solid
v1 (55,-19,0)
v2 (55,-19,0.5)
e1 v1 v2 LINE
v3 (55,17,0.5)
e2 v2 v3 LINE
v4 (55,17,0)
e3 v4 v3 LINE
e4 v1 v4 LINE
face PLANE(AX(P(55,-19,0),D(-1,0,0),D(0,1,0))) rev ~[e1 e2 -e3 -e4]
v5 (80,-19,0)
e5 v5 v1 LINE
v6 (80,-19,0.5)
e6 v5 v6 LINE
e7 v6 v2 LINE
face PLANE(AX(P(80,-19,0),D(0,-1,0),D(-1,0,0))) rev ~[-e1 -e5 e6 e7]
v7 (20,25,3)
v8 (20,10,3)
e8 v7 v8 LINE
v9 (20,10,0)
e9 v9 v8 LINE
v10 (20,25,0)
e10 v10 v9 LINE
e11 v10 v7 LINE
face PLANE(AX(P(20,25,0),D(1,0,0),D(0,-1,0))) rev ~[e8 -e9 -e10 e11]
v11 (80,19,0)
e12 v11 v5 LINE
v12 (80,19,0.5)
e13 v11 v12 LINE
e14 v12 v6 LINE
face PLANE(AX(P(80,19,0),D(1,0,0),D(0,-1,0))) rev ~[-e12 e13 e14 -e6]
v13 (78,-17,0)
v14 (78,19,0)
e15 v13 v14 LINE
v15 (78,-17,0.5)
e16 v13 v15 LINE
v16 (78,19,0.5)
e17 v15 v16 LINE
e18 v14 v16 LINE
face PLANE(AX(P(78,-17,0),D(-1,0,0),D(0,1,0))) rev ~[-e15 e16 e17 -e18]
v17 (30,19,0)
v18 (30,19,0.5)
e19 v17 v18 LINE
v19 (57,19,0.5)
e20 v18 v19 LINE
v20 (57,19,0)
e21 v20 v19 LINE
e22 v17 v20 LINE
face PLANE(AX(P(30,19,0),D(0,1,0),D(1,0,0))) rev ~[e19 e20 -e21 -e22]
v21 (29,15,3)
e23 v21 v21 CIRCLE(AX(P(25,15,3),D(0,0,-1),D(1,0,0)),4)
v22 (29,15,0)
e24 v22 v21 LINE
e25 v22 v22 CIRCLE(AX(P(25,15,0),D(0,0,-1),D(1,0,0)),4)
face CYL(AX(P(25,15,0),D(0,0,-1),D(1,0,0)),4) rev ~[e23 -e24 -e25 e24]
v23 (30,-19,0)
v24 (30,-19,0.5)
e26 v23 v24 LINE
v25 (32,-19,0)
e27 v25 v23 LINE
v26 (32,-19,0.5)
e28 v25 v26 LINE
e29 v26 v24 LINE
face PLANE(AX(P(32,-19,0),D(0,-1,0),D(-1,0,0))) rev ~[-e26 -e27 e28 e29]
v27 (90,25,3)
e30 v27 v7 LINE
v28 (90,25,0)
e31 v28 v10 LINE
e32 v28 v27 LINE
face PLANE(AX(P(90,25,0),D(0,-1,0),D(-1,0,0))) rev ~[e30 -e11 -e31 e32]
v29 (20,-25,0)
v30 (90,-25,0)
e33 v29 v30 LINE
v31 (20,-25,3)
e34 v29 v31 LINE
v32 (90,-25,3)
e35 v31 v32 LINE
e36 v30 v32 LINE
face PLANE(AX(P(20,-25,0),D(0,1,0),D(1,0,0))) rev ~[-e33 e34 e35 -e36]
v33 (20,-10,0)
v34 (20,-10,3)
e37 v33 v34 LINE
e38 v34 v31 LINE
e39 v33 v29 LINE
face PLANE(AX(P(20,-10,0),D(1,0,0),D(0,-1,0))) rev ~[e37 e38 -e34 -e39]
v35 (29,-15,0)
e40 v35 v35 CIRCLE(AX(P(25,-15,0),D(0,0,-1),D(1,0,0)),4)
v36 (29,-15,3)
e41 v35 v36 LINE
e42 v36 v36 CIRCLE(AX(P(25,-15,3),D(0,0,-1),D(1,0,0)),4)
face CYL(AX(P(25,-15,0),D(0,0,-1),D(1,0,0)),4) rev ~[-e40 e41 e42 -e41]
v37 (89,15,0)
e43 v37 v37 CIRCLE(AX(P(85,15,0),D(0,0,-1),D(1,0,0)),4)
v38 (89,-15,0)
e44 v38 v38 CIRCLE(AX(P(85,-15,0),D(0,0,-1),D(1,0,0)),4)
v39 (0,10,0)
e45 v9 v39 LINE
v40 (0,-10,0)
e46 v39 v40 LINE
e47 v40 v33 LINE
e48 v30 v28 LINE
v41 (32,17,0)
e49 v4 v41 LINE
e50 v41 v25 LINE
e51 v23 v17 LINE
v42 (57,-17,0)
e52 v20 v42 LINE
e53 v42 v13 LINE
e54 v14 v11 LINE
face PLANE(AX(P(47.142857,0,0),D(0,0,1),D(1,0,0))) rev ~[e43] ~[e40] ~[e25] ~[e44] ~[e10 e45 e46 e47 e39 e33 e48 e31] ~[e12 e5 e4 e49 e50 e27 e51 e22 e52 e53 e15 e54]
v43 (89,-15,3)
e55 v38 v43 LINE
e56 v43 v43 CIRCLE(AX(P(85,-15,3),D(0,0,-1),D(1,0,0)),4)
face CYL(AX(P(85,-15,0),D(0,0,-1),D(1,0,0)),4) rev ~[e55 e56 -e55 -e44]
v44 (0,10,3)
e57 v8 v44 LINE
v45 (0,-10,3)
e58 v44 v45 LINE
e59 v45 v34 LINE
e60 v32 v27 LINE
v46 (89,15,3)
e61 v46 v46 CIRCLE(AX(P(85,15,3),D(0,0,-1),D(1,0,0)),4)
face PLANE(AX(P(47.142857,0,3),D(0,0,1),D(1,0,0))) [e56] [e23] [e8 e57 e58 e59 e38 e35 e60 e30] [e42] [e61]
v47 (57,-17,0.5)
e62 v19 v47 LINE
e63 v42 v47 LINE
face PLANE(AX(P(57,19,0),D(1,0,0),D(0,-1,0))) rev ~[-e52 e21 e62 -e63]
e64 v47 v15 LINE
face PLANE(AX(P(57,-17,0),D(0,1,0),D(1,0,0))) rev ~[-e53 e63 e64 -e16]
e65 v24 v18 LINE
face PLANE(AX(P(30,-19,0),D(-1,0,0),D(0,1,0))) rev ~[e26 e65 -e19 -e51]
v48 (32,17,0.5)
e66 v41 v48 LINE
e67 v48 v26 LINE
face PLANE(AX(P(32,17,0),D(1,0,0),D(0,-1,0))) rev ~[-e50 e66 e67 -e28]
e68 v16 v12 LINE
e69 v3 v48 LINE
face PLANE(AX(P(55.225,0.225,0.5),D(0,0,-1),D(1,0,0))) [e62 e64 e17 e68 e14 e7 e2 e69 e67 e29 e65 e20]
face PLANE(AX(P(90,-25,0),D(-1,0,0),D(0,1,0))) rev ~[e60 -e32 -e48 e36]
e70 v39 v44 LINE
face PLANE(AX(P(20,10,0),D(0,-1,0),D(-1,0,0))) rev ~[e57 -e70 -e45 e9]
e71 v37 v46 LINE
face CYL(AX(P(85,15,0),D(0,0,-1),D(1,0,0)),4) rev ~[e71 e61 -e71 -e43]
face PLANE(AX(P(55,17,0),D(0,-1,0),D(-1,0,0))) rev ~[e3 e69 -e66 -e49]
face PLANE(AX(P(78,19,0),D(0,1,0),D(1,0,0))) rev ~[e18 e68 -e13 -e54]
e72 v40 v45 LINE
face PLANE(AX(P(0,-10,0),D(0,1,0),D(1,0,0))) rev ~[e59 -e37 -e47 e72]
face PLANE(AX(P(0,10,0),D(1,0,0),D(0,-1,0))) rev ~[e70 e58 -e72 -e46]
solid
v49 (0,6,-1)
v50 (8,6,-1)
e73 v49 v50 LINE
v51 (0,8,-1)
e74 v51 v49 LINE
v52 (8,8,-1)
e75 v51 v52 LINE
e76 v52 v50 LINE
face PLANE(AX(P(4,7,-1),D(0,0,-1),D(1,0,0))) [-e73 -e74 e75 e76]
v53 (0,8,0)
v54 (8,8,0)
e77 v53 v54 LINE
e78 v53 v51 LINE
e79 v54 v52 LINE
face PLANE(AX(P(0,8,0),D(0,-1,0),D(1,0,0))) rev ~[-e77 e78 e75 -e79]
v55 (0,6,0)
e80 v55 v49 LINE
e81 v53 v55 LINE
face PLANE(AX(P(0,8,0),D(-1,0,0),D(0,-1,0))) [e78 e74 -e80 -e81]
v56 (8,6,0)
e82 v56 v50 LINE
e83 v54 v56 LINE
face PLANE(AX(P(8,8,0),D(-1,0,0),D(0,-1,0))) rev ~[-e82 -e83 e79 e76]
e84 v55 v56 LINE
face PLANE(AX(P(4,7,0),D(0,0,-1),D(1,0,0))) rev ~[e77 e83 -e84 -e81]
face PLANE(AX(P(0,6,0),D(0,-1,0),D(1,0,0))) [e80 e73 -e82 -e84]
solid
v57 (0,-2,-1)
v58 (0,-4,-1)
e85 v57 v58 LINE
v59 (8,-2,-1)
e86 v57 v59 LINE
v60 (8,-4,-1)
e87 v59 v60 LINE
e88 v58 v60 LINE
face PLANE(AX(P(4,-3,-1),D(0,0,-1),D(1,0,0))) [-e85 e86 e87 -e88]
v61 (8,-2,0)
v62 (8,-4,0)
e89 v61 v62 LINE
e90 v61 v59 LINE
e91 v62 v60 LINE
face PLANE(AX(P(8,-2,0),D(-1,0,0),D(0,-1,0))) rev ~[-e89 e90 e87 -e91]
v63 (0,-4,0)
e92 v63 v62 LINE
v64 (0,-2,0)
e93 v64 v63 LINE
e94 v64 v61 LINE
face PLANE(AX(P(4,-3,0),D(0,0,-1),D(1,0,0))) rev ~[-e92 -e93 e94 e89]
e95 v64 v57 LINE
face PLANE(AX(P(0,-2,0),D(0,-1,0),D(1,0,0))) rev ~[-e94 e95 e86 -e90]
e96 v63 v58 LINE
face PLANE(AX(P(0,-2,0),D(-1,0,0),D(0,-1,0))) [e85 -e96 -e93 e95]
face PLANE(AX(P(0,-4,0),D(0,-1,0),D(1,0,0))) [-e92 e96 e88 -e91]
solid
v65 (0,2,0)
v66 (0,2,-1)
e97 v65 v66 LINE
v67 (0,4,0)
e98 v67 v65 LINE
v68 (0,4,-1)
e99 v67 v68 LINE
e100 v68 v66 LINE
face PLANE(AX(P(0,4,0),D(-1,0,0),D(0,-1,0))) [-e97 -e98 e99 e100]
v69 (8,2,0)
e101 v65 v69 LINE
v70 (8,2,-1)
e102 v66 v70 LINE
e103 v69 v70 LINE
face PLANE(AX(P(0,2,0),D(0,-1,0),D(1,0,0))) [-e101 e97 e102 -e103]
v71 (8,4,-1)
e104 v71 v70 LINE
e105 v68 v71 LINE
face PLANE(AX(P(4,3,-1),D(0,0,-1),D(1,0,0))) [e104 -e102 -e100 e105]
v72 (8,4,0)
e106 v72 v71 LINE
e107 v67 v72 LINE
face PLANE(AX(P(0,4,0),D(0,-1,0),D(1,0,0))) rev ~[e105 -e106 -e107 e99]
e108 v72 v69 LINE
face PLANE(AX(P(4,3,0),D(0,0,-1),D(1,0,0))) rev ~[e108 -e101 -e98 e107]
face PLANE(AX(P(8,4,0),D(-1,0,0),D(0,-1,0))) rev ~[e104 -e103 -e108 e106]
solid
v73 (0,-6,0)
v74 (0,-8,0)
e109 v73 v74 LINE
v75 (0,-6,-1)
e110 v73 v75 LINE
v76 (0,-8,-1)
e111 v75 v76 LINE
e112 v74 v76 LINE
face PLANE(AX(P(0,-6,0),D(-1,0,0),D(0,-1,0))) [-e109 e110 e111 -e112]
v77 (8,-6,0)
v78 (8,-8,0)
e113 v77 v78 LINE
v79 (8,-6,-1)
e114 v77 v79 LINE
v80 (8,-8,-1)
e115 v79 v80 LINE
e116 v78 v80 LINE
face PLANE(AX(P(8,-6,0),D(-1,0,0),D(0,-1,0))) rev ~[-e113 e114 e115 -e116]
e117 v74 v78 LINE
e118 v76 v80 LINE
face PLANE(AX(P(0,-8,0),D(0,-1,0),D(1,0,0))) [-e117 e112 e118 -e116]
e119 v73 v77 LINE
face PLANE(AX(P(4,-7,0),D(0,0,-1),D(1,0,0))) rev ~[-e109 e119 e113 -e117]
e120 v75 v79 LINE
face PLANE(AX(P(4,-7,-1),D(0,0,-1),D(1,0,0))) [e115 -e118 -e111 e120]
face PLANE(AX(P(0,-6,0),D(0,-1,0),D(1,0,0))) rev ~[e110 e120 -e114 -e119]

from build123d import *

# Parameters (mm, degrees)
SKETCH003_W      = 8
SKETCH003_H      = 2
EXTRUDE001_DEPTH = 1
EXTRUDE_DEPTH    = 3
SKETCH002_R      = 4
POCKET_DEPTH     = 3
POCKET001_DEPTH  = 0.5


with BuildPart() as extrude001:
    # Sketch003 → Extrude001 (new body)
    with BuildSketch(Plane(origin=(0, 0, 0), x_dir=(1, 0, 0), z_dir=(0, 0, -1))):
        with Locations((4, 7)):
            Rectangle(SKETCH003_W, SKETCH003_H)
        with Locations((4, 3)):
            Rectangle(SKETCH003_W, SKETCH003_H)
        with Locations((4, -3)):
            Rectangle(SKETCH003_W, SKETCH003_H)
        with Locations((4, -7)):
            Rectangle(SKETCH003_W, SKETCH003_H)
    extrude(amount=EXTRUDE001_DEPTH)


with BuildPart() as pocket001:
    # Sketch → Extrude (new body)
    with BuildSketch(Plane.XY):
        Polygon((0, 10), (0, -10), (20, -10), (20, -25), (90, -25), (90, 25), (20, 25), (20, 10), align=None)
    extrude(amount=EXTRUDE_DEPTH)

    # Sketch002 → Pocket (cut)
    with BuildSketch(Plane(origin=(0, 0, 0), x_dir=(1, 0, 0), z_dir=(0, 0, -1))):
        with Locations((25, 15)):
            Circle(SKETCH002_R)
        with Locations((25, -15)):
            Circle(SKETCH002_R)
        with Locations((85, -15)):
            Circle(SKETCH002_R)
        with Locations((85, 15)):
            Circle(SKETCH002_R)
    extrude(amount=-POCKET_DEPTH, mode=Mode.SUBTRACT)

    # Sketch004 → Pocket001 (cut)
    with BuildSketch(Plane(origin=(0, 0, 0), x_dir=(1, 0, 0), z_dir=(0, 0, -1))):
        Polygon((30, 19), (30, -19), (57, -19), (57, 17), (78, 17), (78, -19), (80, -19), (80, 19), (55, 19), (55, -17), (32, -17), (32, 19), align=None)
    extrude(amount=-POCKET001_DEPTH, mode=Mode.SUBTRACT)


solid = Compound([extrude001.part, pocket001.part])
